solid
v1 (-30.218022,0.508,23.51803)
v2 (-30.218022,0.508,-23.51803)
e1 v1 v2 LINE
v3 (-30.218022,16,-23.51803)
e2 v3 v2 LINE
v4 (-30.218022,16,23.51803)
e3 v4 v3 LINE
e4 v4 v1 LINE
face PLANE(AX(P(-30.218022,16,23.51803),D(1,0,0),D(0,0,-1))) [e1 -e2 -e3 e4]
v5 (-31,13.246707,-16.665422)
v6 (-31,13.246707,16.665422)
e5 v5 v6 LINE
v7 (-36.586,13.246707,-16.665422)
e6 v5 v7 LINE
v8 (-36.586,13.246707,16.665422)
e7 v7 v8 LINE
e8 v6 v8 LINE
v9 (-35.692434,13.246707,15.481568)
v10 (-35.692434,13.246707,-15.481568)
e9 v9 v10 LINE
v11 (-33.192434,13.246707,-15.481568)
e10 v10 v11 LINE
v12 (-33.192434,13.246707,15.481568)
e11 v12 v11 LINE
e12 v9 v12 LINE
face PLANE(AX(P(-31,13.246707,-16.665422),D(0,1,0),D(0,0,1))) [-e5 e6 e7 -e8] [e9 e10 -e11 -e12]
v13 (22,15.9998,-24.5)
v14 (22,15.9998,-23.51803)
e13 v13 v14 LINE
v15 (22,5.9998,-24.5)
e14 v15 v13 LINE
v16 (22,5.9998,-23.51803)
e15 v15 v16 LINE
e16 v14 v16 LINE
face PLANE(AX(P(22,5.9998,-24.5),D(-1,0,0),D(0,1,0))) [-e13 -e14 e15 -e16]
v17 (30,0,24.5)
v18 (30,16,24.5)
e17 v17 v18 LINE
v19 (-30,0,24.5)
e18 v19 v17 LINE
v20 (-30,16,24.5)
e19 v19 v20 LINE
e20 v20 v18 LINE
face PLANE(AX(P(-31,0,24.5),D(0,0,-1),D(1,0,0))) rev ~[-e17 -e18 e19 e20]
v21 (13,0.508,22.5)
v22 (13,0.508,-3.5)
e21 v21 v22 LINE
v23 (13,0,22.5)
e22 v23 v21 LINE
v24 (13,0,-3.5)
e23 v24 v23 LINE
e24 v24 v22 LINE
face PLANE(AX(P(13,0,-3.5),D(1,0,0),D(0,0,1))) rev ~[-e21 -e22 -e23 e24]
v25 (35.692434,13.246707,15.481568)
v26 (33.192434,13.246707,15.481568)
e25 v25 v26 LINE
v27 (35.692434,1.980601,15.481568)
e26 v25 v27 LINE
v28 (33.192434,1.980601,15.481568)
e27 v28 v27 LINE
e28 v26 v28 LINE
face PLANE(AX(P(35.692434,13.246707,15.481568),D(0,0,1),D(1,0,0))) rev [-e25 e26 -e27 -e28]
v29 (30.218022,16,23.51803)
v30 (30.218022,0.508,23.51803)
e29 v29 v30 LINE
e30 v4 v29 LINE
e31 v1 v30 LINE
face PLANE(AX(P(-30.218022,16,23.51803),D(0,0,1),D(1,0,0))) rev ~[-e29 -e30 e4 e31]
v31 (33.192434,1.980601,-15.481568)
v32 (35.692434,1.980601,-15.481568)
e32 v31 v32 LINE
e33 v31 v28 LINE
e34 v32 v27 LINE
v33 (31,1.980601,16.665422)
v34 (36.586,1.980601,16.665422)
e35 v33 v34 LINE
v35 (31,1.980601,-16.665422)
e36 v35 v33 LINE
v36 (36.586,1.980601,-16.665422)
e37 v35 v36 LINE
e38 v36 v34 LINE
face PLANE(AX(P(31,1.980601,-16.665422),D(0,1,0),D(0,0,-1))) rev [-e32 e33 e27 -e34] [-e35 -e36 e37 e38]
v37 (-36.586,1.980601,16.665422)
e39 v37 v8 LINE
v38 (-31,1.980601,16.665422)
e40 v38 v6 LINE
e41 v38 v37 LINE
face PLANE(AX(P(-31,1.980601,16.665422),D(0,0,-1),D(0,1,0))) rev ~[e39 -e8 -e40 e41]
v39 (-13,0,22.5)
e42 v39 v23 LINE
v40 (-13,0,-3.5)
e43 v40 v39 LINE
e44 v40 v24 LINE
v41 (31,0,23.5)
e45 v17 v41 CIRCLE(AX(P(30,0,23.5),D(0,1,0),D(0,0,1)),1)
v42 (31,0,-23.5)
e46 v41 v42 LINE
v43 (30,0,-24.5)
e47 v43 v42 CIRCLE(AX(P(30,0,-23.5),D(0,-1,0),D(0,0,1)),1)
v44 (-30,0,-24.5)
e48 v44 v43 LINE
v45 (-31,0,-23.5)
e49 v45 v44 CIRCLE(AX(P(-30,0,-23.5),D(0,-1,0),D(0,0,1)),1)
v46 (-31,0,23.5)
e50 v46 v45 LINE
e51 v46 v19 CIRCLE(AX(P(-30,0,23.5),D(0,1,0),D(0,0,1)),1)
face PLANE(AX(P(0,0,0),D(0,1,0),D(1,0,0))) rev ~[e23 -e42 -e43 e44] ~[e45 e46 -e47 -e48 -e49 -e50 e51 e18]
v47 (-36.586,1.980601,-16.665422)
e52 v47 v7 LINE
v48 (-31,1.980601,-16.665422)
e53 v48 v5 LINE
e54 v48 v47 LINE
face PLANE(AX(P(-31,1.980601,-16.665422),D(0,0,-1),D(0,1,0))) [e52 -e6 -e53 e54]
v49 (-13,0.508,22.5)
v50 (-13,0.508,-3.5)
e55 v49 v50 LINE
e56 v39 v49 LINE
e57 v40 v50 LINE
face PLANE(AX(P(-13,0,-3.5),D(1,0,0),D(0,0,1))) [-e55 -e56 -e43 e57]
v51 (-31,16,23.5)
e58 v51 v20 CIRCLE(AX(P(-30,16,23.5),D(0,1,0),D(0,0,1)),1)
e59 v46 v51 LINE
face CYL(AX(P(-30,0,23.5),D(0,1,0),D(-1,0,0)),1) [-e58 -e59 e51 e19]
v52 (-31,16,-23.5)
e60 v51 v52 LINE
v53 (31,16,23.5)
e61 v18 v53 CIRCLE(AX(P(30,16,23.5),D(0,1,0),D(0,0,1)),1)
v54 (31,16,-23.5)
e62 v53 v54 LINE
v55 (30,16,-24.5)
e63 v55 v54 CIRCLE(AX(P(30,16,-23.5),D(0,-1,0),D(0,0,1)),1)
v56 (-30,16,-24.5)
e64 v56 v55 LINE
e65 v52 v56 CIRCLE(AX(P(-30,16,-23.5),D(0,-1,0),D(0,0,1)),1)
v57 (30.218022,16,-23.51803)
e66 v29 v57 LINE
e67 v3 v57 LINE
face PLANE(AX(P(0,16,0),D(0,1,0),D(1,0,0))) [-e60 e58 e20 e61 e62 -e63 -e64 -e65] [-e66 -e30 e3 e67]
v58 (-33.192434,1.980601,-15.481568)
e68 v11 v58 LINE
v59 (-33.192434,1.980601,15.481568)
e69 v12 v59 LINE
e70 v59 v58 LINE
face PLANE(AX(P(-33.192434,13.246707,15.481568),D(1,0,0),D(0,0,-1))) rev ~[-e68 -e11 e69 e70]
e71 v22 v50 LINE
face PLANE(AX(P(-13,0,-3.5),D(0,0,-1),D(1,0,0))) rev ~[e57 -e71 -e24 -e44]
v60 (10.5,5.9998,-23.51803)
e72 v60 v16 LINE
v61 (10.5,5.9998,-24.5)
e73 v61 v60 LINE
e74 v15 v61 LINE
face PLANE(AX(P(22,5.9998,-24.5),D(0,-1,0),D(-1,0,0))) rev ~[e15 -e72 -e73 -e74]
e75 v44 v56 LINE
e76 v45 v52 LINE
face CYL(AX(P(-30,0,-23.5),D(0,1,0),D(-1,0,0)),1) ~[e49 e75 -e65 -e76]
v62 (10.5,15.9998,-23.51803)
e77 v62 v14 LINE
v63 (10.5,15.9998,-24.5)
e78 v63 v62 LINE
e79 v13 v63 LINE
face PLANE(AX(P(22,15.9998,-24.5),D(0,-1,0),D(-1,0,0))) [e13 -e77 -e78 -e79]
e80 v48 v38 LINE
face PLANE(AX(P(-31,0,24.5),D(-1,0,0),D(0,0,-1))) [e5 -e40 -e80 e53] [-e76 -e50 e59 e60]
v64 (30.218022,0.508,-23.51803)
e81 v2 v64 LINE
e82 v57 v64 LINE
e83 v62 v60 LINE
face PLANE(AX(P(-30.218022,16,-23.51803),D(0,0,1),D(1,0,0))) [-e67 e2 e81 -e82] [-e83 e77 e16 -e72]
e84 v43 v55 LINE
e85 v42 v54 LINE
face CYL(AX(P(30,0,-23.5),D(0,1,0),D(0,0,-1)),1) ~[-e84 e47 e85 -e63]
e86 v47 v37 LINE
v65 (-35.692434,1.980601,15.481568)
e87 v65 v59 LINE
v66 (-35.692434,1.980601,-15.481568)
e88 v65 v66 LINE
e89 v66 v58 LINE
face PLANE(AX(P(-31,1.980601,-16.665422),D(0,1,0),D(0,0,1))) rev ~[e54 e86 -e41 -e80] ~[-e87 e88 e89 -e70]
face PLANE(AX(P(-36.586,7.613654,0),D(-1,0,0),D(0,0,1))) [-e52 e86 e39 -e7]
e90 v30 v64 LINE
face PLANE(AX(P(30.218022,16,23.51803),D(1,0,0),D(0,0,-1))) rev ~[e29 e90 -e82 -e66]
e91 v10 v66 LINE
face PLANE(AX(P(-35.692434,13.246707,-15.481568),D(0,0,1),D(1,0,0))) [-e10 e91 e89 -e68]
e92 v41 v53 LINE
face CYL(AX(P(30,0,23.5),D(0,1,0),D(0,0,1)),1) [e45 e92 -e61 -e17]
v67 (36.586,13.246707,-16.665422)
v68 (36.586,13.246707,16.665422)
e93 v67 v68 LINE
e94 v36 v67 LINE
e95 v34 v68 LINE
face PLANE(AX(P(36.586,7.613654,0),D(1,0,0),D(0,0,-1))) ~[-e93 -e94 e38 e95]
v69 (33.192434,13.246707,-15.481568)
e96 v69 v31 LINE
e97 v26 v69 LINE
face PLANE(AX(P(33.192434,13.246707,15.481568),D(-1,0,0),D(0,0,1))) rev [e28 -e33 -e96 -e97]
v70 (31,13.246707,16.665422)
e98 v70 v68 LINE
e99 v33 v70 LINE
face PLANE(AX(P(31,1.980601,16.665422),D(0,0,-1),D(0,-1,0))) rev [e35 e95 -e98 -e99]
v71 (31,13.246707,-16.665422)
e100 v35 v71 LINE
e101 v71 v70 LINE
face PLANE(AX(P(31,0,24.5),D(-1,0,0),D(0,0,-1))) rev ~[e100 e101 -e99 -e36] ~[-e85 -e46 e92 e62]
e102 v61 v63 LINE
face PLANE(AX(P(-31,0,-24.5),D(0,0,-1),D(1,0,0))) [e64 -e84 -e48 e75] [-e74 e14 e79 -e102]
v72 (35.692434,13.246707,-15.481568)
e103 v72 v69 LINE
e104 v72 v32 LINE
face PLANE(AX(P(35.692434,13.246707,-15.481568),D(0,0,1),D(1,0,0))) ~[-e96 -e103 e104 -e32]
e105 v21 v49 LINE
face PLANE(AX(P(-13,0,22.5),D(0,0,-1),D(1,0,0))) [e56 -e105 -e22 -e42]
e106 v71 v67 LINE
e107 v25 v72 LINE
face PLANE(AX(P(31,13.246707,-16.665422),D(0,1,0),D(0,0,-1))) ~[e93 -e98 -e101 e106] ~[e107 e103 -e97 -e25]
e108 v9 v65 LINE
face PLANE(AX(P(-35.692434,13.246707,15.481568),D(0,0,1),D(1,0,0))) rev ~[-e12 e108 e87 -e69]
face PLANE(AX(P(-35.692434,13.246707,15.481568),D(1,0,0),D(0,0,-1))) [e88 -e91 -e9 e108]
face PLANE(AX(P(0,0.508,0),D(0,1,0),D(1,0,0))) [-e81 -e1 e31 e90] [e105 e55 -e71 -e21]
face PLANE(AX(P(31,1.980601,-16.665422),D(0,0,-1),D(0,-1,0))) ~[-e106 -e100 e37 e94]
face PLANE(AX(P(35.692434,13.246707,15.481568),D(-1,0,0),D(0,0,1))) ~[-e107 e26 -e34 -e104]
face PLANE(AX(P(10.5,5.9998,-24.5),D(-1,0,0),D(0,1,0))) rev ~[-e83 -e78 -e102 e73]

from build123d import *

# Parameters (mm, degrees)
SKETCH2_W           = 62
SKETCH2_H           = 49
BOSS_EXTRUDE2_DEPTH = 16
SKETCH3_W           = 60.436043862
SKETCH3_H           = 47.036060162
CUT_EXTRUDE2_DEPTH  = 15.492
SKETCH4_W           = 26
SKETCH4_H           = 26
CUT_EXTRUDE3_DEPTH  = 1.014
SKETCH6_W           = 11.5
SKETCH6_H           = 10
CUT_EXTRUDE4_DEPTH  = 1.014
FILLET3_R           = 1
SKETCH8_W           = 33.330843918
SKETCH8_H           = 11.266105729
BOSS_EXTRUDE3_DEPTH = 5.586
SKETCH9_W           = 2.5
SKETCH9_H           = 30.963135996
CUT_EXTRUDE5_DEPTH  = 13.714


with BuildPart() as part:
    # Sketch2 → Boss-Extrude2 (new body)
    with BuildSketch(Plane(origin=(0, 0, 0), x_dir=(1, 0, 0), z_dir=(0, 1, 0))):
        Rectangle(SKETCH2_W, SKETCH2_H)
    extrude(amount=BOSS_EXTRUDE2_DEPTH)

    # Sketch3 → Cut-Extrude2 (cut)
    with BuildSketch(Plane(origin=(0, 16, 0), x_dir=(1, 0, 0), z_dir=(0, 1, 0))):
        Rectangle(SKETCH3_W, SKETCH3_H)
    extrude(amount=-CUT_EXTRUDE2_DEPTH, mode=Mode.SUBTRACT)

    # Sketch4 → Cut-Extrude3 (cut)
    with BuildSketch(Plane.XZ):
        with Locations((0, 9.5)):
            Rectangle(SKETCH4_W, SKETCH4_H)
    extrude(amount=-CUT_EXTRUDE3_DEPTH, mode=Mode.SUBTRACT)

    # Sketch6 → Cut-Extrude4 (cut)
    with BuildSketch(Plane(origin=(0, 0, -24.5), x_dir=(-1, 0, 0), z_dir=(0, 0, -1))):
        with Locations((-16.25, 10.9998)):
            Rectangle(SKETCH6_W, SKETCH6_H)
    extrude(amount=-CUT_EXTRUDE4_DEPTH, mode=Mode.SUBTRACT)

    # Fillet3
    fillet3_edges = [part.edges().sort_by_distance(p)[0] for p in [
        (31, 8, 24.5),
        (-31, 8, 24.5),
        (-31, 8, -24.5),
        (31, 8, -24.5),
    ]]
    fillet(fillet3_edges, radius=FILLET3_R)

    # Sketch8 → Boss-Extrude3 (add)
    with BuildSketch(Plane.ZY.offset(31)):
        with Locations((0, 7.613654272)):
            Rectangle(SKETCH8_W, SKETCH8_H)
    boss_extrude3 = extrude(amount=BOSS_EXTRUDE3_DEPTH)

    # Sketch9 → Cut-Extrude5 (cut)
    with BuildSketch(Plane(origin=(0, 13.246707136, 0), x_dir=(1, 0, 0), z_dir=(0, 1, 0))):
        with Locations((-34.442433929, 0)):
            Rectangle(SKETCH9_W, SKETCH9_H)
    cut_extrude5 = extrude(amount=-CUT_EXTRUDE5_DEPTH, mode=Mode.SUBTRACT)

    # Mirror1: Boss-Extrude3, Cut-Extrude5 across plane
    add(boss_extrude3.mirror(Plane(origin=(0, 0, 0), x_dir=(0, 0, 1), z_dir=(1, 0, 0))))
    add(cut_extrude5.mirror(Plane(origin=(0, 0, 0), x_dir=(0, 0, 1), z_dir=(1, 0, 0))), mode=Mode.SUBTRACT)


solid = part.part
